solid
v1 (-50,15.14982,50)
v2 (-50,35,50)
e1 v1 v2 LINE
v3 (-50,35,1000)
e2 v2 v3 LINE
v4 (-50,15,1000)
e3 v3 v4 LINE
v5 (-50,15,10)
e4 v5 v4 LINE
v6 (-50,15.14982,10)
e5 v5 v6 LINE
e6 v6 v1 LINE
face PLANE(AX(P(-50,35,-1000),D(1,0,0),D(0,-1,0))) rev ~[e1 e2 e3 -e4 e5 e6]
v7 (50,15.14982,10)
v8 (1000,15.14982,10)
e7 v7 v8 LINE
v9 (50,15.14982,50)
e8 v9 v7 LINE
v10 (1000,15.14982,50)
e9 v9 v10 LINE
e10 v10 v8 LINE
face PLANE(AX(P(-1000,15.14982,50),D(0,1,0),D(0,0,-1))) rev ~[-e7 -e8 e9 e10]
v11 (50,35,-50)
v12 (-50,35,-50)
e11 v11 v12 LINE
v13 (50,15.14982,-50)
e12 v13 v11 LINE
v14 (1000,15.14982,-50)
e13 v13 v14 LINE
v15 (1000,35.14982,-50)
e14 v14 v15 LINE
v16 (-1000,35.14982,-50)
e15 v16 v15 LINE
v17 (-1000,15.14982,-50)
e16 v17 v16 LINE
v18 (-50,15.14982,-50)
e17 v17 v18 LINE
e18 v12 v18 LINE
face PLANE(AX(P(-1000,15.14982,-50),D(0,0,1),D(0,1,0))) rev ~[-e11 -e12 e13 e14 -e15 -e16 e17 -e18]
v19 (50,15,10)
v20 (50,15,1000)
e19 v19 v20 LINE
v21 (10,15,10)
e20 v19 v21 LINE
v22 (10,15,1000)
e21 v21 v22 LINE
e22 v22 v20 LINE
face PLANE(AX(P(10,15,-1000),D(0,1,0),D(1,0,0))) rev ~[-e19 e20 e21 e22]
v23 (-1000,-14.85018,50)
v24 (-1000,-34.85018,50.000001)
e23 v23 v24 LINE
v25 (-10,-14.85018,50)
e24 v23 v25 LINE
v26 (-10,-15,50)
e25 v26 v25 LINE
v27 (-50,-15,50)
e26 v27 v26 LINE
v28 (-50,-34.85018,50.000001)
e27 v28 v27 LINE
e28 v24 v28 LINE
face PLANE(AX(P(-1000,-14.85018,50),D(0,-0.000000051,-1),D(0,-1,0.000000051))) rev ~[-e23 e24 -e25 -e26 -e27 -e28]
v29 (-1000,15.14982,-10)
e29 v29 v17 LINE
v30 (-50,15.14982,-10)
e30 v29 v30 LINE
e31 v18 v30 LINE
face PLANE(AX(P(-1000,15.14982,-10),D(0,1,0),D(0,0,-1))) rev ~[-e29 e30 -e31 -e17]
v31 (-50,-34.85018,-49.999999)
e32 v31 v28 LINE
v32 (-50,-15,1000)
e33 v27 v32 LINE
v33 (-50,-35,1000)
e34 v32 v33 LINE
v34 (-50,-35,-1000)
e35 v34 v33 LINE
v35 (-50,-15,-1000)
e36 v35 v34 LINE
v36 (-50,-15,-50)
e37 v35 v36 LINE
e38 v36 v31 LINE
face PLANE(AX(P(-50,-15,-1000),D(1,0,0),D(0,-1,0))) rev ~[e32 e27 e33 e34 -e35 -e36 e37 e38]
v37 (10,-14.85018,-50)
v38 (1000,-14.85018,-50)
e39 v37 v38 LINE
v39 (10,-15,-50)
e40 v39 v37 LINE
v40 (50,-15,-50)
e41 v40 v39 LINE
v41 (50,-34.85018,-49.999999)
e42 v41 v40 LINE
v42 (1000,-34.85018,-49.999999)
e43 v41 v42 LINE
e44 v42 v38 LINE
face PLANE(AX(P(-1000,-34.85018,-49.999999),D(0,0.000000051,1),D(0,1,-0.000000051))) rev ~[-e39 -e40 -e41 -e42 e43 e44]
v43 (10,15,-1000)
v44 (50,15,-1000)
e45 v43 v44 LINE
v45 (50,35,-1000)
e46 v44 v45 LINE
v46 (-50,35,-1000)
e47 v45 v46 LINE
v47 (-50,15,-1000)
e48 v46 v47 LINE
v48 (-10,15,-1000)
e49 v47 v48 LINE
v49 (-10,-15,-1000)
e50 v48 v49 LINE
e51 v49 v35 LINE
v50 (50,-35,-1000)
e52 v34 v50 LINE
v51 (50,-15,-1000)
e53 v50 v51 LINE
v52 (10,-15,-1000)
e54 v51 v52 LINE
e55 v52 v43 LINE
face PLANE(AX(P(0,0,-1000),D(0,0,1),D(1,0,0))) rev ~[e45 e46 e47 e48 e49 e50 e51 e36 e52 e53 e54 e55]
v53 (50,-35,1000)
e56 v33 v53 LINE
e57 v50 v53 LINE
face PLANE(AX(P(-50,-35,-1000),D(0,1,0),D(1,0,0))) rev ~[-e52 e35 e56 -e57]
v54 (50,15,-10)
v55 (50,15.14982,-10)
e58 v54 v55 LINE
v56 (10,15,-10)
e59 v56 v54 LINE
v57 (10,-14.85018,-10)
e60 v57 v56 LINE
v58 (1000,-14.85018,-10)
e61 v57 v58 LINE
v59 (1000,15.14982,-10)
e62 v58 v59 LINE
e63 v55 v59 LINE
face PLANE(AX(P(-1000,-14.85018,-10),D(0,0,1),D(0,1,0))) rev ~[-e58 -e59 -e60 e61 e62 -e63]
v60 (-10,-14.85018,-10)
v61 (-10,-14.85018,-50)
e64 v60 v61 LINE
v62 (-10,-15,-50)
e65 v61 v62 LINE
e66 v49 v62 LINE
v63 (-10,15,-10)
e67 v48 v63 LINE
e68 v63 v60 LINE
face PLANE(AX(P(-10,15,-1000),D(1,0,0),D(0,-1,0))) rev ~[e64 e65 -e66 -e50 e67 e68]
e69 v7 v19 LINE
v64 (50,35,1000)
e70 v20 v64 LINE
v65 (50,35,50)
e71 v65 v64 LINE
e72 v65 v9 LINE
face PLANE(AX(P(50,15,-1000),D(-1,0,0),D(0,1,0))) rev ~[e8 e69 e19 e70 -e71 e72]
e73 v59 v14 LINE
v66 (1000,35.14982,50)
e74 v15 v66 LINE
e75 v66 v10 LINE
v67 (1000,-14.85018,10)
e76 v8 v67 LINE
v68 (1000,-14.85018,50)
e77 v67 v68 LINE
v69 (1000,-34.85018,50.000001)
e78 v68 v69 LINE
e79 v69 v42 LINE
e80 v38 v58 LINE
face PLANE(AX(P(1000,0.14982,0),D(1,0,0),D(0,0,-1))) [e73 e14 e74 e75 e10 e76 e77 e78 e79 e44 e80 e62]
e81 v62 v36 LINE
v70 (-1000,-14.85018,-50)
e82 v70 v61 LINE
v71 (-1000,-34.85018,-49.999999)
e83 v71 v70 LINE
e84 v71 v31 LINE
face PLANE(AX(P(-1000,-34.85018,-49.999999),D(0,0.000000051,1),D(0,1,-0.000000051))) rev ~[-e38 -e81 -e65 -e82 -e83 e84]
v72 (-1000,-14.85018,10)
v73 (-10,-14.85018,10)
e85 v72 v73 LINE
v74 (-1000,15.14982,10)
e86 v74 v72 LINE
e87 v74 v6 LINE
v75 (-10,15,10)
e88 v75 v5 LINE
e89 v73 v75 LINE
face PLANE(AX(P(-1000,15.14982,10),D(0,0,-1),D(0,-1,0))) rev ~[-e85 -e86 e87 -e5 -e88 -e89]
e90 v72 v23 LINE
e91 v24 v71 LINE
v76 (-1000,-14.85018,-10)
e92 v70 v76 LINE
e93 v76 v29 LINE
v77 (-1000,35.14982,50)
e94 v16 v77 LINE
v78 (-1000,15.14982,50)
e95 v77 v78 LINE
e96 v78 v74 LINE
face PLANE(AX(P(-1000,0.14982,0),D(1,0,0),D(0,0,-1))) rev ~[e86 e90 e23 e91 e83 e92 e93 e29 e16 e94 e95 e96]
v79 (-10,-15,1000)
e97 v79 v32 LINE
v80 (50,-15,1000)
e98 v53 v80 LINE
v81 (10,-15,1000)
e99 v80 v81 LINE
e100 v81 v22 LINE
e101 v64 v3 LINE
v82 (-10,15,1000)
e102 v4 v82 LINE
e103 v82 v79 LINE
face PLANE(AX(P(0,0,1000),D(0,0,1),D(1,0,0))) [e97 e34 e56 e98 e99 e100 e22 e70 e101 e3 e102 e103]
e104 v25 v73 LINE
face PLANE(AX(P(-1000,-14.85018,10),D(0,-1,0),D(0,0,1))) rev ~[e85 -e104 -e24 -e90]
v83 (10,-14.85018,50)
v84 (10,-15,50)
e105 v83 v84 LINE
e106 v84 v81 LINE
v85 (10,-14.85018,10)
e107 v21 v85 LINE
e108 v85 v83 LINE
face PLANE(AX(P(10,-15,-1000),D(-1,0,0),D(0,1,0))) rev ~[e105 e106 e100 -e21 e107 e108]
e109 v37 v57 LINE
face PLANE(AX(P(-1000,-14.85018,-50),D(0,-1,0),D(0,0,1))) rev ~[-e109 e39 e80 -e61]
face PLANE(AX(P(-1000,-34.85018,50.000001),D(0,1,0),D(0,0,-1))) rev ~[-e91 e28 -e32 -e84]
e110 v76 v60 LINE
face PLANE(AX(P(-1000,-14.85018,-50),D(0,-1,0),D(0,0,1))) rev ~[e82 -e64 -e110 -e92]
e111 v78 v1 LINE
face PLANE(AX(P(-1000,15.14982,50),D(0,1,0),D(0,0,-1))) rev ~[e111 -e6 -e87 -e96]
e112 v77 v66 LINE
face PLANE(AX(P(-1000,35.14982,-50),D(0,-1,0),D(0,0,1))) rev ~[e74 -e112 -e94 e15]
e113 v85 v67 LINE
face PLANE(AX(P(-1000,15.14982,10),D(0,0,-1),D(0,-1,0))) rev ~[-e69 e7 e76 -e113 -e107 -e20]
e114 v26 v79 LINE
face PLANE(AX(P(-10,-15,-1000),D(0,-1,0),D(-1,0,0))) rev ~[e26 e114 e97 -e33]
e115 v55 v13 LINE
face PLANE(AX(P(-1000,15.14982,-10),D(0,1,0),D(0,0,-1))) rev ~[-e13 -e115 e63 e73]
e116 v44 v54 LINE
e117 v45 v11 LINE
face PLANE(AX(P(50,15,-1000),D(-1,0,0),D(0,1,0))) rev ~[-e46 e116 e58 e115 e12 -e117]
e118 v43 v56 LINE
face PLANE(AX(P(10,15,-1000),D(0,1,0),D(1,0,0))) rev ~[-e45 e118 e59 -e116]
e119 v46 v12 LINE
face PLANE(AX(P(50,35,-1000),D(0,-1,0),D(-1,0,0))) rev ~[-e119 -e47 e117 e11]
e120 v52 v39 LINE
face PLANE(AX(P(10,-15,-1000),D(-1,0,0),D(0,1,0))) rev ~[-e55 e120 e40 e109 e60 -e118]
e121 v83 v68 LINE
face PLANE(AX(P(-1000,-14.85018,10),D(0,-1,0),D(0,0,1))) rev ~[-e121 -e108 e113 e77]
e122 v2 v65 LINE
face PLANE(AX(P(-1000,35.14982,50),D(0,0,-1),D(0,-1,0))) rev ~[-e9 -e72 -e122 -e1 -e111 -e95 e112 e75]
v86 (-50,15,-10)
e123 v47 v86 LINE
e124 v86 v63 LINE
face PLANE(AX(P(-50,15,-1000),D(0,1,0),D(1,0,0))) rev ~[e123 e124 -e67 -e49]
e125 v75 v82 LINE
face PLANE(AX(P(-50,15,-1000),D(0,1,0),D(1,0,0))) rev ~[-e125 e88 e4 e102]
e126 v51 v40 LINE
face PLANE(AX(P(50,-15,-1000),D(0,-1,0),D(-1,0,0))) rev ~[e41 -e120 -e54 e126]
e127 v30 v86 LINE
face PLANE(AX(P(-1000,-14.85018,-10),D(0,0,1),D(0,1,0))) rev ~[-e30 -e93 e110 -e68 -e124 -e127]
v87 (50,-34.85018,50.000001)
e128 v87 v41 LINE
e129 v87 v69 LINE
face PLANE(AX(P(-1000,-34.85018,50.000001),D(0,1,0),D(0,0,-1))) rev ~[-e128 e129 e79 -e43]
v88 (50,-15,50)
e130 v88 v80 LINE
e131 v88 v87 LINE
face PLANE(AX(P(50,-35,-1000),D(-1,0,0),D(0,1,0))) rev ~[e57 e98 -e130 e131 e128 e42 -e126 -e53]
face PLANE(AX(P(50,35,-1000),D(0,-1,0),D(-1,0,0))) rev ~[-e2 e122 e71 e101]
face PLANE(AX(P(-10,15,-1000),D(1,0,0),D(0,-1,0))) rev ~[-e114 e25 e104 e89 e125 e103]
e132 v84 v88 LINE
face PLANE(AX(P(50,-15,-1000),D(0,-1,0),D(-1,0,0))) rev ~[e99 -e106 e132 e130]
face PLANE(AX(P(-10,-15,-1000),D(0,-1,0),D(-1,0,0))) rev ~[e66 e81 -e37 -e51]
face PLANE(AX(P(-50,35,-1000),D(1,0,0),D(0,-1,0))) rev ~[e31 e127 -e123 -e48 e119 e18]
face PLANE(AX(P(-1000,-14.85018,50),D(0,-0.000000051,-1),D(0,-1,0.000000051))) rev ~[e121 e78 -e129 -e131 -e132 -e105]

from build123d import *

# Parameters (mm, degrees)
BOSS_EXTRUDE1_DEPTH      = 1000
BOSS_EXTRUDE1_DEPTH_BACK = 1000
BOSS_EXTRUDE2_DEPTH      = 1000
BOSS_EXTRUDE2_DEPTH_BACK = 1000


with BuildPart() as part:
    # Sketch1 → Boss-Extrude1 (new, two sides: drawn at the far end of the back side and taken through both)
    with BuildSketch(Plane.XY.offset(-BOSS_EXTRUDE1_DEPTH_BACK)):
        Polygon((10, 15), (50, 15), (50, 35), (-50, 35), (-50, 15), (-10, 15), (-10, -15), (-50, -15), (-50, -35), (50, -35), (50, -15), (10, -15), align=None)
    extrude(amount=BOSS_EXTRUDE1_DEPTH + BOSS_EXTRUDE1_DEPTH_BACK)

    # Sketch2 → Boss-Extrude2 (add, two sides: drawn at the far end of the back side and taken through both)
    with BuildSketch(Plane(origin=(0, 0, 0), x_dir=(0, 0, -1), z_dir=(1, 0, 0)).offset(-BOSS_EXTRUDE2_DEPTH_BACK)):
        Polygon((10, 15.14982009), (50, 15.14982009), (50, 35.14982009), (-50, 35.14982009), (-50, 15.14982009), (-10, 15.14982009), (-10, -14.85017991), (-50, -14.85017991), (-50.000001017, -34.85017991), (49.999998983, -34.85017991), (50, -14.85017991), (10, -14.85017991), align=None)
    extrude(amount=BOSS_EXTRUDE2_DEPTH + BOSS_EXTRUDE2_DEPTH_BACK)


solid = part.part
